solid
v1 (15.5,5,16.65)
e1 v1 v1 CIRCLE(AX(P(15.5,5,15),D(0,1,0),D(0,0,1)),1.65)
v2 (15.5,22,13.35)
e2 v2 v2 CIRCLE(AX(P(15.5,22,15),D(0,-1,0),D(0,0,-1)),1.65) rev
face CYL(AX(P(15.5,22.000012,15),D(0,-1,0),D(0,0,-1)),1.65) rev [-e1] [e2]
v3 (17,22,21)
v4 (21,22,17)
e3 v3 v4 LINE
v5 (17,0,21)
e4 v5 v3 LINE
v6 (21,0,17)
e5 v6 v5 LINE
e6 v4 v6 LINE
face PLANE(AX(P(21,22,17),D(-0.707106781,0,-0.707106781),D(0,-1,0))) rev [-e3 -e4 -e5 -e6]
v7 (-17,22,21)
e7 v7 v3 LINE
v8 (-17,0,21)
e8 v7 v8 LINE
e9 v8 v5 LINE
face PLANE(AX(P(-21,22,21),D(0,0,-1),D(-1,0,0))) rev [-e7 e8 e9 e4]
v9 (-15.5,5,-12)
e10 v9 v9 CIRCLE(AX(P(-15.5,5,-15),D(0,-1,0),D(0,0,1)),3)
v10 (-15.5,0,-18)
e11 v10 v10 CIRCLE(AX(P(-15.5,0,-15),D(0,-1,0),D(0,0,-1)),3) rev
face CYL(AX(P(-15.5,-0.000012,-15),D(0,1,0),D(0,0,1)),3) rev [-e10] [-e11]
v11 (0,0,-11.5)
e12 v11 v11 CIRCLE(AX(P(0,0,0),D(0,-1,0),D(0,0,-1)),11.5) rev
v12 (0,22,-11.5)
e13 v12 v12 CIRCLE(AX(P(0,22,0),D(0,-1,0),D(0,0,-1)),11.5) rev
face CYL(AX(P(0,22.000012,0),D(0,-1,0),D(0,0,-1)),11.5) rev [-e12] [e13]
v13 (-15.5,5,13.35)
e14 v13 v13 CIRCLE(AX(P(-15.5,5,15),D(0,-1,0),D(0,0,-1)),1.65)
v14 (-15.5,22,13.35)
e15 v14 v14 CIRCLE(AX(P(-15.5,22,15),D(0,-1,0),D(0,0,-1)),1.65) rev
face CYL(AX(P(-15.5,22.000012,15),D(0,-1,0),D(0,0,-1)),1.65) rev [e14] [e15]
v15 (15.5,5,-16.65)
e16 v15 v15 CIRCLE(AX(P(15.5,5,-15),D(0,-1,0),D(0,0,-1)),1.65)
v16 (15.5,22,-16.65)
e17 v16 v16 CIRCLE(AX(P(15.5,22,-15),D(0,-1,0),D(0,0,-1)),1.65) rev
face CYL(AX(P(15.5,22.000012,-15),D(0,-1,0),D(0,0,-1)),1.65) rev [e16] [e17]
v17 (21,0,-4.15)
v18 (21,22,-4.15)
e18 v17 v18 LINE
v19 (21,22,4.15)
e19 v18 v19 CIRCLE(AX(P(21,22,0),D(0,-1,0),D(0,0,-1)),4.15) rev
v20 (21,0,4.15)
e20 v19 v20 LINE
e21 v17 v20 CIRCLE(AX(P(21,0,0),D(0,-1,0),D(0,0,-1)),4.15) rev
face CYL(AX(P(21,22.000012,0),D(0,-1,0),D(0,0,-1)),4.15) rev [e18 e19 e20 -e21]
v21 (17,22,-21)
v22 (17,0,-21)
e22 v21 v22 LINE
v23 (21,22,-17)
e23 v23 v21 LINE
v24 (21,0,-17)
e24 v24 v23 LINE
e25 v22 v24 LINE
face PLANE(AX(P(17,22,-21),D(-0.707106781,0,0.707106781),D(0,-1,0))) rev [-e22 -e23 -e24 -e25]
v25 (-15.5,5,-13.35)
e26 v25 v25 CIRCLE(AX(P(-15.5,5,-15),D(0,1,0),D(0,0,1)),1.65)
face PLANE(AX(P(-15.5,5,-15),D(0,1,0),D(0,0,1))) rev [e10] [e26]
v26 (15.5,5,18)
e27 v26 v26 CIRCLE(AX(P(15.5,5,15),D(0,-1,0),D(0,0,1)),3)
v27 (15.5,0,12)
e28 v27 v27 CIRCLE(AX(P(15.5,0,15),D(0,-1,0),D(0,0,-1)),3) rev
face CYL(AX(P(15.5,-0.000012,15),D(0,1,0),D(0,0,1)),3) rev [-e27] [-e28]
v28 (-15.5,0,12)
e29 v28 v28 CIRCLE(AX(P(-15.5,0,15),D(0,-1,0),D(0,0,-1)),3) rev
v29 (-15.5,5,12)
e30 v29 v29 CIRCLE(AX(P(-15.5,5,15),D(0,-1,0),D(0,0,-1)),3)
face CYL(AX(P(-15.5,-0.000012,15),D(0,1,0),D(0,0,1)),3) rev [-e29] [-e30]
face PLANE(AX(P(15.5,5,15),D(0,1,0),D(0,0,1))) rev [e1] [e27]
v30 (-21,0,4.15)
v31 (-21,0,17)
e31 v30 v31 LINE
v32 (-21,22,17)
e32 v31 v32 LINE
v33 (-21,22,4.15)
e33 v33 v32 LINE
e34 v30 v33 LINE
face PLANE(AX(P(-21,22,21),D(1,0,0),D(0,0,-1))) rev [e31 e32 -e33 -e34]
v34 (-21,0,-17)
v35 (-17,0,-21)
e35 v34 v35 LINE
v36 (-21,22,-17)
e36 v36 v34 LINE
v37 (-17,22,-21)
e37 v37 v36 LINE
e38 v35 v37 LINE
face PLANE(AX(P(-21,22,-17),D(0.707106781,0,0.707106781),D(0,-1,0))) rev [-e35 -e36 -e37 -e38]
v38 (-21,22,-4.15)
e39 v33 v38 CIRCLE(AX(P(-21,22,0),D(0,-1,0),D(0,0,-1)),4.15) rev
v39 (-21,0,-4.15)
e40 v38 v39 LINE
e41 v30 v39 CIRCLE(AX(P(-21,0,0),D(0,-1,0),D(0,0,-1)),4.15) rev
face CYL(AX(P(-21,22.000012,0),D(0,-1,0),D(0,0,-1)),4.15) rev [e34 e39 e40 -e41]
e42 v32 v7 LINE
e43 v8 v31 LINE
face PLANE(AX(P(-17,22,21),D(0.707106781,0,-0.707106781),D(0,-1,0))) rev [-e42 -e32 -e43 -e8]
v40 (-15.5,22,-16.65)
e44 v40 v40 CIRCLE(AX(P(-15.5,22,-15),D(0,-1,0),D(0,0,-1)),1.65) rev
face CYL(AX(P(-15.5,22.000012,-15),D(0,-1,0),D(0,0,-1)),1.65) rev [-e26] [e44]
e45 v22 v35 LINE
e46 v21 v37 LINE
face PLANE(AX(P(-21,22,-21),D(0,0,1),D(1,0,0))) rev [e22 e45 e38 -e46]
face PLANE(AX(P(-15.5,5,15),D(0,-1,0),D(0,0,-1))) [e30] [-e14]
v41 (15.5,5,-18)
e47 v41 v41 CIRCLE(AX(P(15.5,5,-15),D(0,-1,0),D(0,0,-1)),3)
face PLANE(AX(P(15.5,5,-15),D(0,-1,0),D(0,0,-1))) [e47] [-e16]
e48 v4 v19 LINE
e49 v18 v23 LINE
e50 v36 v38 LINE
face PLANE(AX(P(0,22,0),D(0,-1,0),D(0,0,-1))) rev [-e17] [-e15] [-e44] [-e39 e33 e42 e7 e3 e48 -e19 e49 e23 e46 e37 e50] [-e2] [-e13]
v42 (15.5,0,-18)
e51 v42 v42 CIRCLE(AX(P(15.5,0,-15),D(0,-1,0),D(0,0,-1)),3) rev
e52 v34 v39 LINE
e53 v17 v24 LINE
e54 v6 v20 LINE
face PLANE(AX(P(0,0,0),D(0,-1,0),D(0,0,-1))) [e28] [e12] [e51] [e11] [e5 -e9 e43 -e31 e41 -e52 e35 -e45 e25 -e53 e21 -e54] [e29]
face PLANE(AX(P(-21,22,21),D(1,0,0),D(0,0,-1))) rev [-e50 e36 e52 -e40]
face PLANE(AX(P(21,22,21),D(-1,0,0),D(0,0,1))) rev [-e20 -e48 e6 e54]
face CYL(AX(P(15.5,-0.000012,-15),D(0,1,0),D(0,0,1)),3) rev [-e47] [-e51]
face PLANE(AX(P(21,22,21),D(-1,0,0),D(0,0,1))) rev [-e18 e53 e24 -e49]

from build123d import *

# Parameters (mm, degrees)
SKETCH1_W                      = 42
SKETCH1_H                      = 42
BOSS_EXTRUDE1_DEPTH            = 22
CUT_EXTRUDE1_REACH             = 24
SKETCH2_R                      = 11.5
SKETCH2_R_2                    = 1.65
CUT_EXTRUDE1_DIRECTION_2_DEPTH = 1
CHAMFER1_SIZE                  = 4
SKETCH3_R                      = 3
CUT_EXTRUDE2_DEPTH             = 1
CUT_EXTRUDE2_DEPTH_BACK        = 5
CUT_EXTRUDE3_REACH             = 24
SKETCH4_R                      = 4.15
CUT_EXTRUDE3_DIRECTION_2_DEPTH = 1


with BuildPart() as part:
    # Sketch1 → Boss-Extrude1 (new body)
    with BuildSketch(Plane(origin=(0, 0, 0), x_dir=(1, 0, 0), z_dir=(0, 1, 0))):
        Rectangle(SKETCH1_W, SKETCH1_H)
    extrude(amount=BOSS_EXTRUDE1_DEPTH)

    # Sketch2 → Cut-Extrude1 (cut, up to next)
    with BuildSketch(Plane(origin=(0, 22, 0), x_dir=(1, 0, 0), z_dir=(0, 1, 0)), mode=Mode.PRIVATE) as cut_extrude1_sk1:
        Circle(SKETCH2_R)
    cut_extrude1_tool1 = extrude(cut_extrude1_sk1.sketch, amount=-CUT_EXTRUDE1_REACH, mode=Mode.PRIVATE) & part.part
    add(cut_extrude1_tool1.solids().sort_by_distance((0, 22, 0))[0], mode=Mode.SUBTRACT)
    # Sketch2 → Cut-Extrude1 (cut, up to next)
    with BuildSketch(Plane(origin=(0, 22, 0), x_dir=(1, 0, 0), z_dir=(0, 1, 0)), mode=Mode.PRIVATE) as cut_extrude1_sk2:
        with Locations((-15.5, 15)):
            Circle(SKETCH2_R_2)
    cut_extrude1_tool2 = extrude(cut_extrude1_sk2.sketch, amount=-CUT_EXTRUDE1_REACH, mode=Mode.PRIVATE) & part.part
    add(cut_extrude1_tool2.solids().sort_by_distance((-15.5, 22, -15))[0], mode=Mode.SUBTRACT)
    # Sketch2 → Cut-Extrude1 (cut, up to next)
    with BuildSketch(Plane(origin=(0, 22, 0), x_dir=(1, 0, 0), z_dir=(0, 1, 0)), mode=Mode.PRIVATE) as cut_extrude1_sk3:
        with Locations((15.5, 15)):
            Circle(SKETCH2_R_2)
    cut_extrude1_tool3 = extrude(cut_extrude1_sk3.sketch, amount=-CUT_EXTRUDE1_REACH, mode=Mode.PRIVATE) & part.part
    add(cut_extrude1_tool3.solids().sort_by_distance((15.5, 22, -15))[0], mode=Mode.SUBTRACT)
    # Sketch2 → Cut-Extrude1 (cut, up to next)
    with BuildSketch(Plane(origin=(0, 22, 0), x_dir=(1, 0, 0), z_dir=(0, 1, 0)), mode=Mode.PRIVATE) as cut_extrude1_sk4:
        with Locations((15.5, -15)):
            Circle(SKETCH2_R_2)
    cut_extrude1_tool4 = extrude(cut_extrude1_sk4.sketch, amount=-CUT_EXTRUDE1_REACH, mode=Mode.PRIVATE) & part.part
    add(cut_extrude1_tool4.solids().sort_by_distance((15.5, 22, 15))[0], mode=Mode.SUBTRACT)
    # Sketch2 → Cut-Extrude1 (cut, up to next)
    with BuildSketch(Plane(origin=(0, 22, 0), x_dir=(1, 0, 0), z_dir=(0, 1, 0)), mode=Mode.PRIVATE) as cut_extrude1_sk5:
        with Locations((-15.5, -15)):
            Circle(SKETCH2_R_2)
    cut_extrude1_tool5 = extrude(cut_extrude1_sk5.sketch, amount=-CUT_EXTRUDE1_REACH, mode=Mode.PRIVATE) & part.part
    add(cut_extrude1_tool5.solids().sort_by_distance((-15.5, 22, 15))[0], mode=Mode.SUBTRACT)

    # Sketch2 → Cut-Extrude1 direction 2 (cut)
    with BuildSketch(Plane(origin=(0, 22, 0), x_dir=(1, 0, 0), z_dir=(0, 1, 0))):
        Circle(SKETCH2_R)
        with Locations((-15.5, 15)):
            Circle(SKETCH2_R_2)
        with Locations((15.5, 15)):
            Circle(SKETCH2_R_2)
        with Locations((15.5, -15)):
            Circle(SKETCH2_R_2)
        with Locations((-15.5, -15)):
            Circle(SKETCH2_R_2)
    extrude(amount=CUT_EXTRUDE1_DIRECTION_2_DEPTH, mode=Mode.SUBTRACT)

    # Chamfer1
    chamfer1_edges = [part.edges().sort_by_distance(p)[0] for p in [
        (21, 11, 21),
        (-21, 11, 21),
        (-21, 11, -21),
        (21, 11, -21),
    ]]
    chamfer(chamfer1_edges, length=CHAMFER1_SIZE)

    # Sketch3 → Cut-Extrude2 (cut, two sides)
    with BuildSketch(Plane.XZ) as cut_extrude2_sk:
        with Locations((-15.5, 15)):
            Circle(SKETCH3_R)
        with Locations((15.5, 15)):
            Circle(SKETCH3_R)
        with Locations((15.5, -15)):
            Circle(SKETCH3_R)
        with Locations((-15.5, -15)):
            Circle(SKETCH3_R)
    extrude(amount=CUT_EXTRUDE2_DEPTH, mode=Mode.SUBTRACT)
    extrude(cut_extrude2_sk.sketch, amount=-CUT_EXTRUDE2_DEPTH_BACK, mode=Mode.SUBTRACT)

    # Sketch4 → Cut-Extrude3 (cut, up to next)
    with BuildSketch(Plane(origin=(0, 22, 0), x_dir=(1, 0, 0), z_dir=(0, 1, 0)), mode=Mode.PRIVATE) as cut_extrude3_sk1:
        with Locations((-21, 0)):
            Circle(SKETCH4_R)
    cut_extrude3_tool1 = extrude(cut_extrude3_sk1.sketch, amount=-CUT_EXTRUDE3_REACH, mode=Mode.PRIVATE) & part.part
    add(cut_extrude3_tool1.solids().sort_by_distance((-21, 22, 0))[0], mode=Mode.SUBTRACT)
    # Sketch4 → Cut-Extrude3 (cut, up to next)
    with BuildSketch(Plane(origin=(0, 22, 0), x_dir=(1, 0, 0), z_dir=(0, 1, 0)), mode=Mode.PRIVATE) as cut_extrude3_sk2:
        with Locations((21, 0)):
            Circle(SKETCH4_R)
    cut_extrude3_tool2 = extrude(cut_extrude3_sk2.sketch, amount=-CUT_EXTRUDE3_REACH, mode=Mode.PRIVATE) & part.part
    add(cut_extrude3_tool2.solids().sort_by_distance((21, 22, 0))[0], mode=Mode.SUBTRACT)

    # Sketch4 → Cut-Extrude3 direction 2 (cut)
    with BuildSketch(Plane(origin=(0, 22, 0), x_dir=(1, 0, 0), z_dir=(0, 1, 0))):
        with Locations((-21, 0)):
            Circle(SKETCH4_R)
        with Locations((21, 0)):
            Circle(SKETCH4_R)
    extrude(amount=CUT_EXTRUDE3_DIRECTION_2_DEPTH, mode=Mode.SUBTRACT)


solid = part.part
